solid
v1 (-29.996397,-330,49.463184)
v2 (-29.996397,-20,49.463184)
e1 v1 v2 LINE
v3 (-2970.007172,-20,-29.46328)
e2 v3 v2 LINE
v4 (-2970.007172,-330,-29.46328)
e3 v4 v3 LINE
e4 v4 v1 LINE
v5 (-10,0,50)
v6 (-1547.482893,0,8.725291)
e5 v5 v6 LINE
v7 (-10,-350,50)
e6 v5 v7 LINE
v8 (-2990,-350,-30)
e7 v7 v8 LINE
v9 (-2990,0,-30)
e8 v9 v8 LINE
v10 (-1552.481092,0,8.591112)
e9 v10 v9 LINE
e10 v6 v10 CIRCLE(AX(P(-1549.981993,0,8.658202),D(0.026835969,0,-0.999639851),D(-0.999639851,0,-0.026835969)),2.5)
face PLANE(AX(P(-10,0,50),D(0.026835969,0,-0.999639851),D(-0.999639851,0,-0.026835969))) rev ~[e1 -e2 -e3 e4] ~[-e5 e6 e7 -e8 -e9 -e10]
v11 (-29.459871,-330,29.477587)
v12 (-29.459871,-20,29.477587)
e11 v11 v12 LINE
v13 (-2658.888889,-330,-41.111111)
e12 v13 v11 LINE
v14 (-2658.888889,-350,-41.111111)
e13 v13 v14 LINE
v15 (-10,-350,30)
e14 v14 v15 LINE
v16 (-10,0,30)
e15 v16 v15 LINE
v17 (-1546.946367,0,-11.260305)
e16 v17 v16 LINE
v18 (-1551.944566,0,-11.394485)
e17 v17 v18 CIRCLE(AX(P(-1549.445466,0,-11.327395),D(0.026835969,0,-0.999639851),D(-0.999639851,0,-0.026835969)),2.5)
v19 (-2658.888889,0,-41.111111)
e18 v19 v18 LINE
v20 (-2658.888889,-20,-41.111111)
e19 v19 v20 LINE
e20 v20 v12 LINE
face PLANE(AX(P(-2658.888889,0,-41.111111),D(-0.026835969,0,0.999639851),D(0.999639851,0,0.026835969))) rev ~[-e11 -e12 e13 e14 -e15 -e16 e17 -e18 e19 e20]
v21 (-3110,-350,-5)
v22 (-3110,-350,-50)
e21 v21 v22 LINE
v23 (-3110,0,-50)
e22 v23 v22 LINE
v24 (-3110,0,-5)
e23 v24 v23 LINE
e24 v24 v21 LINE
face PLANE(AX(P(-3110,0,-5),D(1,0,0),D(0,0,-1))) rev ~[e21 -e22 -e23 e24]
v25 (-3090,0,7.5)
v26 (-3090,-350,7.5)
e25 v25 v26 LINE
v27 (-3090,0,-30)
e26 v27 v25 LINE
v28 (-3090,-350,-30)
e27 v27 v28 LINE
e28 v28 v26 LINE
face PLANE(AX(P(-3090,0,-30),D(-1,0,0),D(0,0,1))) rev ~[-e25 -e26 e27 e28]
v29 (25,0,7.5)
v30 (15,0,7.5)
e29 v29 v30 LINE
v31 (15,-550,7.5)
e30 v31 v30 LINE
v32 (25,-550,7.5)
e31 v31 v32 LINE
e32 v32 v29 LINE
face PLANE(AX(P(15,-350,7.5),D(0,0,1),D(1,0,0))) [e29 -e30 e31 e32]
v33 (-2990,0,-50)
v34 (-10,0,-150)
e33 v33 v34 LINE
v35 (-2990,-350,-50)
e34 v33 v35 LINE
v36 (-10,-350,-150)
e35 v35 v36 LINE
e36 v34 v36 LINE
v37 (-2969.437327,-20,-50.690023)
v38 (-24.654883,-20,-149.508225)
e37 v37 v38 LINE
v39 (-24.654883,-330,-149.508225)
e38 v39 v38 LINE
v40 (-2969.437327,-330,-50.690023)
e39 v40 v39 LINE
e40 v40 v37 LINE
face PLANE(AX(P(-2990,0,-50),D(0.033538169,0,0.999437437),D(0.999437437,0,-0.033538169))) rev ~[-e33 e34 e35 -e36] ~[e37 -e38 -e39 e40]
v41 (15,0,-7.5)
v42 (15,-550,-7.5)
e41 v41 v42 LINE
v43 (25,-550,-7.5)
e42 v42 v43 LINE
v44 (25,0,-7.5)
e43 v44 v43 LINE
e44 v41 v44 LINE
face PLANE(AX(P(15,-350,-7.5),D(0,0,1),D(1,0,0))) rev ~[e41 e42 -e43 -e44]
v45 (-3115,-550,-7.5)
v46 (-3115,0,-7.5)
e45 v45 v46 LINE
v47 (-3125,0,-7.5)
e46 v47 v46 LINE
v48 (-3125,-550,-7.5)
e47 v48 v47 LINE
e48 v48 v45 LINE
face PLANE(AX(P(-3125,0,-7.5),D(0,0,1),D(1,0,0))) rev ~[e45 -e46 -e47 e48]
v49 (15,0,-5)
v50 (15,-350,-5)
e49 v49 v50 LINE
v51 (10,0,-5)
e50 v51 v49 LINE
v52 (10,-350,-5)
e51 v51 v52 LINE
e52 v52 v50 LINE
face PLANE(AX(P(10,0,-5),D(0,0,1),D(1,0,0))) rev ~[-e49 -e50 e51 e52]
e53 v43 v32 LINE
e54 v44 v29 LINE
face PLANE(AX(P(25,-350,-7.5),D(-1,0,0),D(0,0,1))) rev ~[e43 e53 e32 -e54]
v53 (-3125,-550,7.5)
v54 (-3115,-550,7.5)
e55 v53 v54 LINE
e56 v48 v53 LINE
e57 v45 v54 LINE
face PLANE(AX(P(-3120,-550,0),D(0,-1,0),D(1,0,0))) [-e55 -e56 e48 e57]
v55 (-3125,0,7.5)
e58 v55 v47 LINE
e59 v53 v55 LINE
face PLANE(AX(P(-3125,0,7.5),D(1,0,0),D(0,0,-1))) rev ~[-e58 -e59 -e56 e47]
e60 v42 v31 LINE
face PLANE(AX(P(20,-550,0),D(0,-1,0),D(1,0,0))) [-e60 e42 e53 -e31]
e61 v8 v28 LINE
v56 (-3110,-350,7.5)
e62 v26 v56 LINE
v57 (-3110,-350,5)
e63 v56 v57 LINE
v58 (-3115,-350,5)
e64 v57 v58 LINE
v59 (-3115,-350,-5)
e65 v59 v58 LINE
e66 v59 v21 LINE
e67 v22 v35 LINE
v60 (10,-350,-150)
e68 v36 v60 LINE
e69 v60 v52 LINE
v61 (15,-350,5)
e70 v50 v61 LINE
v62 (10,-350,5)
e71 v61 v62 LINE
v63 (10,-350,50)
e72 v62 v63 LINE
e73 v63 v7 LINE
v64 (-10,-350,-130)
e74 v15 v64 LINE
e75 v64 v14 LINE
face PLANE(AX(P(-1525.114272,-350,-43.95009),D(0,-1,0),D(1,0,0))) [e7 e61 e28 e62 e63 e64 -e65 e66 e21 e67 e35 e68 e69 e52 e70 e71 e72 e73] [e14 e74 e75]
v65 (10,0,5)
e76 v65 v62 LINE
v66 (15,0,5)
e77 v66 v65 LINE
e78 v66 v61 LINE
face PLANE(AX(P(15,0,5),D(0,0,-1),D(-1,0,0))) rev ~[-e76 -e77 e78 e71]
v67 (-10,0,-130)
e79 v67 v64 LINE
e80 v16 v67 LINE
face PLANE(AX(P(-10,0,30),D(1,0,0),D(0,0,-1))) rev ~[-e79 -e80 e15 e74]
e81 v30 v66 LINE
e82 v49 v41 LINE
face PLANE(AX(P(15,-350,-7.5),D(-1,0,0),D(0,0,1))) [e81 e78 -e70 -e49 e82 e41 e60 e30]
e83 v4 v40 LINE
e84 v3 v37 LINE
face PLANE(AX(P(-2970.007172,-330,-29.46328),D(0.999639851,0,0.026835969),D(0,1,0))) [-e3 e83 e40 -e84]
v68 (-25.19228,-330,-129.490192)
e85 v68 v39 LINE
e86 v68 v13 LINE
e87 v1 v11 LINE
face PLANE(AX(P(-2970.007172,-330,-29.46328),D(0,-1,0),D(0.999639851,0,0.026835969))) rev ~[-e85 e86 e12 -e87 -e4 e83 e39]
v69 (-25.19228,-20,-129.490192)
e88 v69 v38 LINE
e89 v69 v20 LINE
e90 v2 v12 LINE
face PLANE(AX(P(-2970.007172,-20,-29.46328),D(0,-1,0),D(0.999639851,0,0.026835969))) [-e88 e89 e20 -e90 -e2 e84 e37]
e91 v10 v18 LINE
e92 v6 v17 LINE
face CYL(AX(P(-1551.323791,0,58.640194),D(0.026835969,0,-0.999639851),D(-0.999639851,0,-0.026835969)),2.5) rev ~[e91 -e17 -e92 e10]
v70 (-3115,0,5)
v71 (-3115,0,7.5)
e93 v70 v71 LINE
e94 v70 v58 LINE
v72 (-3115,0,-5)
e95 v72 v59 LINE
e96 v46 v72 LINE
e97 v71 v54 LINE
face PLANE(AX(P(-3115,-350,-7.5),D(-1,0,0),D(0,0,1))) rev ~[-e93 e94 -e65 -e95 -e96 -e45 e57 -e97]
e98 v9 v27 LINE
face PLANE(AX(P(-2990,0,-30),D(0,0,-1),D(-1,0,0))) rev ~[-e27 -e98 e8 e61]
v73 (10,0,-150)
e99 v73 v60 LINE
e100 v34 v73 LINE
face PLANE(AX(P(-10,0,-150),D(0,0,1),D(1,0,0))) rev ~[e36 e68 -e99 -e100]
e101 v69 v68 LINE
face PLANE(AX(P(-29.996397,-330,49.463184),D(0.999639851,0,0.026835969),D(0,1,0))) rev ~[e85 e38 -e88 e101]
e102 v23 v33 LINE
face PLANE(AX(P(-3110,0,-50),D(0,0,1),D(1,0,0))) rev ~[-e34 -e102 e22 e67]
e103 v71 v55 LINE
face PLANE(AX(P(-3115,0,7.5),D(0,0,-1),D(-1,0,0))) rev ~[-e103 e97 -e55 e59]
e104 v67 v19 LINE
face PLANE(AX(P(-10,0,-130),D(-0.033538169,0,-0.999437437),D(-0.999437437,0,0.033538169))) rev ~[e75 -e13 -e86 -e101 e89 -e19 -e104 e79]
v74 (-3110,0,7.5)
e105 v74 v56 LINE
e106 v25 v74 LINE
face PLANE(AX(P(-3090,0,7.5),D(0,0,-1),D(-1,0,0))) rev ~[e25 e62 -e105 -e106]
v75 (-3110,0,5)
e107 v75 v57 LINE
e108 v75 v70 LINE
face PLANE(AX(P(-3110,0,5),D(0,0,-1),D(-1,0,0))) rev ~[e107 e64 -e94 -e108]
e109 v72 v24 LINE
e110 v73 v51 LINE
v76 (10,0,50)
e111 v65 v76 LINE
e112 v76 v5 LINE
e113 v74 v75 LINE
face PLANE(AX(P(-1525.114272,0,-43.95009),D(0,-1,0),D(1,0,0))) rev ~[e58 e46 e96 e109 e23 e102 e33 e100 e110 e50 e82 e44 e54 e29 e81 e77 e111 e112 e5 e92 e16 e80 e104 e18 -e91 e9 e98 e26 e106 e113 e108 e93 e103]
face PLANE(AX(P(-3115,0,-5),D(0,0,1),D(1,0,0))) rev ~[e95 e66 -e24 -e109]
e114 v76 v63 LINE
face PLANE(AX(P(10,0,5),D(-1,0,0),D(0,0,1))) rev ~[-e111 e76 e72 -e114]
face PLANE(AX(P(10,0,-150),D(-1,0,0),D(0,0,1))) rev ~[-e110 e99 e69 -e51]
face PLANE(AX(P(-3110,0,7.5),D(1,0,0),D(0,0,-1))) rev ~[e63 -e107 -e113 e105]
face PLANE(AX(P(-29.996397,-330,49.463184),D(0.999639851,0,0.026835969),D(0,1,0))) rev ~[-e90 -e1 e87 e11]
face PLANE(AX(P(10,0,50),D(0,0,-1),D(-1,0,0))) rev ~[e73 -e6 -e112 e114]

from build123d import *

# Parameters (mm, degrees)
F1_DEPTH  = 350
F3_W      = 2941.07
F3_H      = 310
F4_DEPTH  = 250
F6_W      = 10
F6_H      = 15
F7_DEPTH  = 200
F10_D     = 5
F10_DEPTH = 50
F10_TIP   = 1.5021515476


with BuildPart() as f1:
    # F0 (on Front) → F1 (new body)
    with BuildSketch(Plane.XZ):
        Polygon((-2990, -50), (-10, -150), (10, -150), (10, -5), (15, -5), (15, -7.5), (25, -7.5), (25, 7.5), (15, 7.5), (15, 5), (10, 5), (10, 50), (-10, 50), (-2990, -30), (-3090, -30), (-3090, 7.5), (-3110, 7.5), (-3110, 5), (-3115, 5), (-3115, 7.5), (-3125, 7.5), (-3125, -7.5), (-3115, -7.5), (-3115, -5), (-3110, -5), (-3110, -50), align=None)
        Polygon((-2658.8888888889, -41.1111111111), (-10, 30), (-10, -130), align=None, mode=Mode.SUBTRACT)
    extrude(amount=F1_DEPTH)

    # F3 (on offset) → F4 (cut)
    with BuildSketch(Plane(origin=(-1.3485169015, 0, 50.2322545798), x_dir=(0.9996398505, 0, 0.0268359691), z_dir=(-0.0268359691, 0, 0.9996398505))):
        with Locations((-1499.1932015429, -175)):
            Rectangle(F3_W, F3_H)
    extrude(amount=-F4_DEPTH, mode=Mode.SUBTRACT)

    # F6 (on offset) → F7 (join)
    with BuildSketch(Plane.XZ.offset(350)):
        with Locations((20, 0)):
            Rectangle(F6_W, F6_H)
        with Locations((-3120, 0)):
            Rectangle(F6_W, F6_H)
    extrude(amount=F7_DEPTH)

    # F10
    with Locations(Plane(origin=(-1.3485169015, 0, 50.2322545798), x_dir=(0.9996398505, 0, 0.0268359691), z_dir=(-0.0268359691, 0, 0.9996398505))):
        with Locations((-1549.191416098, 0)):
            Hole(F10_D / 2, depth=F10_DEPTH)
            with Locations((0, 0, -(F10_DEPTH + F10_TIP / 2))):  # 118° drill point
                Cone(0, F10_D / 2, F10_TIP, mode=Mode.SUBTRACT)


solid = f1.part
